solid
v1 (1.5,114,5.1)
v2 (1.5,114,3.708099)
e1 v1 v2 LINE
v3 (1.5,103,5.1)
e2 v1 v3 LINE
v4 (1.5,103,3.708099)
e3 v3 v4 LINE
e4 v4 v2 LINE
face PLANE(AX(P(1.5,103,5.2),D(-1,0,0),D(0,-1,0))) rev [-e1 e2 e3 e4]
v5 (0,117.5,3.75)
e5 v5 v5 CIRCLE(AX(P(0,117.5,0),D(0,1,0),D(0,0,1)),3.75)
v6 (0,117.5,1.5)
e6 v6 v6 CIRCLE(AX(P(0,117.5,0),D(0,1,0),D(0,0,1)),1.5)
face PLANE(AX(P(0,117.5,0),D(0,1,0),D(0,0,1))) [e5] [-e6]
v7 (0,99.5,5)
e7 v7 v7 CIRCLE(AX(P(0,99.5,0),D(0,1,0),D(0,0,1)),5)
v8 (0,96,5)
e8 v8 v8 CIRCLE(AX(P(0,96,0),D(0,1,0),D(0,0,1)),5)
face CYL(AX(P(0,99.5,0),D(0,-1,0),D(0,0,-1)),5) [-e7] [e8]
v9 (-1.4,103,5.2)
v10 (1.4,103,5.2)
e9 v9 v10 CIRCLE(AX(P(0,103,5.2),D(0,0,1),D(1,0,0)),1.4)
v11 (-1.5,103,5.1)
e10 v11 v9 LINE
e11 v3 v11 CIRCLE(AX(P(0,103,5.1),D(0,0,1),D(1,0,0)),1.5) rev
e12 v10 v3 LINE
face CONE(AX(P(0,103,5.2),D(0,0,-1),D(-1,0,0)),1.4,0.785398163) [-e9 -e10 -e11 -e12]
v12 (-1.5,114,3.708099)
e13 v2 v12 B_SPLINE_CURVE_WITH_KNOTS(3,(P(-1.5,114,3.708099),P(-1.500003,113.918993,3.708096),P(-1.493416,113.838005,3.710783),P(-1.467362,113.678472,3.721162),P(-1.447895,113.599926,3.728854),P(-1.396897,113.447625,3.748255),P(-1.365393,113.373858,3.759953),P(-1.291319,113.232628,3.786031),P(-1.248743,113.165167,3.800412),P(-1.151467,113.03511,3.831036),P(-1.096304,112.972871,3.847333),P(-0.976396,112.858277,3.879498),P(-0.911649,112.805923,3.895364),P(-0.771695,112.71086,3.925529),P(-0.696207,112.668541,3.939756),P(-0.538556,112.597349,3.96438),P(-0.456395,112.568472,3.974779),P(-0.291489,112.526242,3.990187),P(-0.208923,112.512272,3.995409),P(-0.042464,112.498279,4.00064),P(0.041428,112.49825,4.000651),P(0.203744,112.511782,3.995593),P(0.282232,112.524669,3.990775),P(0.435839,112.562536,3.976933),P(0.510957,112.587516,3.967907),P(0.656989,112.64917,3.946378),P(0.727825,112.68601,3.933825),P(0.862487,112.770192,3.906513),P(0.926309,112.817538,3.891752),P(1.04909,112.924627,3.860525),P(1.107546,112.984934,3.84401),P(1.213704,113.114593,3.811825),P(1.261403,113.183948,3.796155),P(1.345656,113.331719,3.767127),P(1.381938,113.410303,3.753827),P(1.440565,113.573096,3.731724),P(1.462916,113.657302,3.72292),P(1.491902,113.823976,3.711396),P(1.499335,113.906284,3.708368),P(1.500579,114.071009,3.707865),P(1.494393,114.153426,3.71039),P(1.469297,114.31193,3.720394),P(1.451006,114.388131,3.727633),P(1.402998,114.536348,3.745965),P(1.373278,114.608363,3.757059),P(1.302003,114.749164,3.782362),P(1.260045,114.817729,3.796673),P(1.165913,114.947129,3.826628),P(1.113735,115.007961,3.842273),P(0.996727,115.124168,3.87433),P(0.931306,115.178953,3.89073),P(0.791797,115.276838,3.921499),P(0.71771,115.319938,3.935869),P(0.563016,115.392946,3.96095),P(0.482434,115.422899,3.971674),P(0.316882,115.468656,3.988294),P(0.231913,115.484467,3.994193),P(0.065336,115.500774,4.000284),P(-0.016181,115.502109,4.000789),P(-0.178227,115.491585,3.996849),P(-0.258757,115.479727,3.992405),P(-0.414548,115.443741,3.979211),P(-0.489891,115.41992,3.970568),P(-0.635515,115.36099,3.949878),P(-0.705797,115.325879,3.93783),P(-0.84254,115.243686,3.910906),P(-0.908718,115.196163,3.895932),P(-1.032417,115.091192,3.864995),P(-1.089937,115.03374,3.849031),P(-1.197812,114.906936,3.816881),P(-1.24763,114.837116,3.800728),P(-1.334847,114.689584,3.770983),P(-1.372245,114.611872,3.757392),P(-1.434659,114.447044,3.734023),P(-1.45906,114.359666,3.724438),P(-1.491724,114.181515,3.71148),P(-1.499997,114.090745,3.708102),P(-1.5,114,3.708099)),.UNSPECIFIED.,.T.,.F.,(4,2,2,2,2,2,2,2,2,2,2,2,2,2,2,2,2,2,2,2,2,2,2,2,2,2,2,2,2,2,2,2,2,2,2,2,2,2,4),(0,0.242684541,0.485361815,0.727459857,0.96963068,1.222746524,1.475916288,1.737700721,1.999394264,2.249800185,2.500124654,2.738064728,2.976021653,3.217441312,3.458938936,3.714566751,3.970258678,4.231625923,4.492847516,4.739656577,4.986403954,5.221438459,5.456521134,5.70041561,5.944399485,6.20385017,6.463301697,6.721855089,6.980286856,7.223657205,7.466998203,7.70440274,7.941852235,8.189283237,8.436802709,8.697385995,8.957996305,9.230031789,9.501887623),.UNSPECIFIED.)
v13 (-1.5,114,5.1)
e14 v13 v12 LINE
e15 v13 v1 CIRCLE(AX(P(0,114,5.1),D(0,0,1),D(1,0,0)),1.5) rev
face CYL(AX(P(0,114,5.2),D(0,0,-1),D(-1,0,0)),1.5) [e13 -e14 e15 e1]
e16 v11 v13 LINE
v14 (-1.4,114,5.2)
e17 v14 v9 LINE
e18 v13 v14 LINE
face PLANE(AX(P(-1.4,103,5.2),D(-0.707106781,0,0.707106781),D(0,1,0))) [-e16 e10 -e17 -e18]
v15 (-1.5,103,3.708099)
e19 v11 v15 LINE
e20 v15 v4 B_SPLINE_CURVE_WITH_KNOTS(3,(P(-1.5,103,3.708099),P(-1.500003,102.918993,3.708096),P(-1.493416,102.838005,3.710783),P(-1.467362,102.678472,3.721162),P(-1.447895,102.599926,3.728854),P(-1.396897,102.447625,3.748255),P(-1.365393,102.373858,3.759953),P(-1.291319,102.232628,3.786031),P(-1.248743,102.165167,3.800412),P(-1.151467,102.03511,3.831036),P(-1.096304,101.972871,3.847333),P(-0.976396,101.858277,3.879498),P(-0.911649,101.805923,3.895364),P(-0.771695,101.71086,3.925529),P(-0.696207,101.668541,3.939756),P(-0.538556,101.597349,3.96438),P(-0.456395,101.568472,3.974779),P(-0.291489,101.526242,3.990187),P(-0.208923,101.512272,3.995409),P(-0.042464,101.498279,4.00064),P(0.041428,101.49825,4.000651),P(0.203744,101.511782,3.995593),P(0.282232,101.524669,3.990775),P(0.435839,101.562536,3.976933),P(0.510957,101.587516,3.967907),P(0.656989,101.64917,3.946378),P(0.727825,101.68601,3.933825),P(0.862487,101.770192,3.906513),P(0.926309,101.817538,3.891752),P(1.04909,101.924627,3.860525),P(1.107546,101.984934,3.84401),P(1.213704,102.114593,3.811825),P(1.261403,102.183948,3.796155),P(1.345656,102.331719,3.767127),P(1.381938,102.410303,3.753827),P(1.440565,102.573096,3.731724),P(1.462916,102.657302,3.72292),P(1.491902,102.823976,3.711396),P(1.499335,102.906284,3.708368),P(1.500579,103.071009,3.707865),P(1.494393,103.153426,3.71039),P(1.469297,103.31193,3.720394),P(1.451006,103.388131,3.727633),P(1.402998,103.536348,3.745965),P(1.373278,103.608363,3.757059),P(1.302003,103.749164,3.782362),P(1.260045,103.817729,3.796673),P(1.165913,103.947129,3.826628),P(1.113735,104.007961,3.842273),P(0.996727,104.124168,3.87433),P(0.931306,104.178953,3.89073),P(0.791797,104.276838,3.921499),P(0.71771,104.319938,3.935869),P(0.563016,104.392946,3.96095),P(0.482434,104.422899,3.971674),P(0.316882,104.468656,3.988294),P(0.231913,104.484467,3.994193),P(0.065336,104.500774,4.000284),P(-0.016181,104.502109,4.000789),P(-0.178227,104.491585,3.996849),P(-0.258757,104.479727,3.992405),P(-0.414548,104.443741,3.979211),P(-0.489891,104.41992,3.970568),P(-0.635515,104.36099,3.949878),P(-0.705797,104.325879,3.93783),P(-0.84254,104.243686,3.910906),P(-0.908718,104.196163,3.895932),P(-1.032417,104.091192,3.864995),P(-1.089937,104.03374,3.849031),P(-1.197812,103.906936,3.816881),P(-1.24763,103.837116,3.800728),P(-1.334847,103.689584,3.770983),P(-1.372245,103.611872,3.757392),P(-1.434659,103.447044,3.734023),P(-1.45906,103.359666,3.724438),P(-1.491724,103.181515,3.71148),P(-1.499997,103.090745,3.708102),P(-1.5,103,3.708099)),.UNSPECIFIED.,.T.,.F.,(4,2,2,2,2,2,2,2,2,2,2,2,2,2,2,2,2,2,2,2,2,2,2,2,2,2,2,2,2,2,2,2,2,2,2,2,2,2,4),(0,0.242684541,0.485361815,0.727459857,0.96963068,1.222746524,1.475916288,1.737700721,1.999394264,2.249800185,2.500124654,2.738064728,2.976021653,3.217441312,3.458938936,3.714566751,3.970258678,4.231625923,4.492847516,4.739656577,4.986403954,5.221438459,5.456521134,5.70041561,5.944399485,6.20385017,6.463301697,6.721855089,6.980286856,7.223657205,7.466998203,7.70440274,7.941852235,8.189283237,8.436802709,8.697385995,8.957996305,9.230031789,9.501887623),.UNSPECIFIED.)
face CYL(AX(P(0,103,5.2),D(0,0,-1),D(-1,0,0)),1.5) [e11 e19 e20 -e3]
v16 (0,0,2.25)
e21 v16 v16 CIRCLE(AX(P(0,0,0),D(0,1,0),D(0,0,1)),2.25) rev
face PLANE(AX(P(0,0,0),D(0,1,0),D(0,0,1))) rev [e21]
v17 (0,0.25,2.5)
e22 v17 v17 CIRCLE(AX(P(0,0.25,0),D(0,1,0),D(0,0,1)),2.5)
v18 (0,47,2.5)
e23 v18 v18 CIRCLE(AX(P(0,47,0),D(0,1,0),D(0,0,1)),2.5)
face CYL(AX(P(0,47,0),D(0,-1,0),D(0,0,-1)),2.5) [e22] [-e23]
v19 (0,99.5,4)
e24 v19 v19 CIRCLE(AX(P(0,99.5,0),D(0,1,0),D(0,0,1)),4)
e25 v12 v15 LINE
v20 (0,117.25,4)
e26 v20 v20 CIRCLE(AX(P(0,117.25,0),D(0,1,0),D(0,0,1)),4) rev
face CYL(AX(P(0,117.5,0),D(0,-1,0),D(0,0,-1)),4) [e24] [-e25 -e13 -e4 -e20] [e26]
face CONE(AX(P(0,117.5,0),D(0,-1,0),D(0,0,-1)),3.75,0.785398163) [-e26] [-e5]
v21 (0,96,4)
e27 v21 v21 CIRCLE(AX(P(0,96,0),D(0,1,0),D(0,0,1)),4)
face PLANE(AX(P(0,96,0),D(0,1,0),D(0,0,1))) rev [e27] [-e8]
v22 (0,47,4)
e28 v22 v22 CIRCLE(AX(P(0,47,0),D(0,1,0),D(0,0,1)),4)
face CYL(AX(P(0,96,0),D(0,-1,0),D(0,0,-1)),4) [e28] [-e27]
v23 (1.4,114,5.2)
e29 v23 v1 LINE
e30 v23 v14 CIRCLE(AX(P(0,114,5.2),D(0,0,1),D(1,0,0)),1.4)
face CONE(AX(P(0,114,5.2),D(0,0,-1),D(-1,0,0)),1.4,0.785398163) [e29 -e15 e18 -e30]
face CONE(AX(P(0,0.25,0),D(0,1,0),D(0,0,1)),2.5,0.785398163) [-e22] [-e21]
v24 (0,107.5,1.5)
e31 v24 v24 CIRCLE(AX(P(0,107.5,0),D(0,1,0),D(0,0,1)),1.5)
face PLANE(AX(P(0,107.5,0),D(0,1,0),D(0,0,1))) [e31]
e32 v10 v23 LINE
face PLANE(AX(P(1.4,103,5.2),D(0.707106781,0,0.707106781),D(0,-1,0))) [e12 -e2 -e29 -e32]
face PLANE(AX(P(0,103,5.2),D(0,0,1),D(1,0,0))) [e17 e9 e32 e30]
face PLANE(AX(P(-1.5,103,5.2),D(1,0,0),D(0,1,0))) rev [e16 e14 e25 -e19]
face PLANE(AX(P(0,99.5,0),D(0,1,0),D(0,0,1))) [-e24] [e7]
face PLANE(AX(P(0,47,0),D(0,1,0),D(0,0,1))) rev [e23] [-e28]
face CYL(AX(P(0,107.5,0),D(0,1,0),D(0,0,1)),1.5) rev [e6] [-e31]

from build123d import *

# Parameters (mm, degrees)
SKETCH_1_R          = 2.5
EXTRUDE_1_DEPTH     = 47
EXTRUDE_START       = 47
SKETCH_2_R          = 4
EXTRUDE_2_DEPTH     = 49
EXTRUDE_START_2     = 96
SKETCH_3_R          = 5
EXTRUDE_3_DEPTH     = 3.5
EXTRUDE_START_3     = 99.5
SKETCH_4_R          = 4
EXTRUDE_4_DEPTH     = 18
EXTRUDE_START_4     = 2.2
EXTRUDE_5_DEPTH     = 3
CHAMFER_1_SIZE      = 0.25
CHAMFER_2_SIZE      = 0.1
CUT_EXTRUDE_START   = 117.5
SKETCH_6_R          = 1.5
CUT_EXTRUDE_1_DEPTH = 10


with BuildPart() as part:
    # 草图1 → 凸台-拉伸1 (new body)
    with BuildSketch(Plane(origin=(0, 0, 0), x_dir=(1, 0, 0), z_dir=(0, 1, 0))):
        with Locations(Location((0, 0, 0), (0, 0, 270))):
            Circle(SKETCH_1_R)
    extrude(amount=EXTRUDE_1_DEPTH)

    # 草图2 → 凸台-拉伸2 (add)
    with BuildSketch(Plane(origin=(0, 0, 0), x_dir=(1, 0, 0), z_dir=(0, 1, 0)).offset(EXTRUDE_START)):
        with Locations(Location((0, 0, 0), (0, 0, 270))):
            Circle(SKETCH_2_R)
    extrude(amount=EXTRUDE_2_DEPTH)

    # 草图3 → 凸台-拉伸3 (add)
    with BuildSketch(Plane(origin=(0, 0, 0), x_dir=(1, 0, 0), z_dir=(0, 1, 0)).offset(EXTRUDE_START_2)):
        with Locations(Location((0, 0, 0), (0, 0, 270))):
            Circle(SKETCH_3_R)
    extrude(amount=EXTRUDE_3_DEPTH)

    # 草图4 → 凸台-拉伸4 (add)
    with BuildSketch(Plane(origin=(0, 0, 0), x_dir=(1, 0, 0), z_dir=(0, 1, 0)).offset(EXTRUDE_START_3)):
        with Locations(Location((0, 0, 0), (0, 0, 270))):
            Circle(SKETCH_4_R)
    extrude(amount=EXTRUDE_4_DEPTH)

    # 草图11 → 凸台-拉伸5 (add)
    with BuildSketch(Plane.XY.offset(EXTRUDE_START_4)):
        with BuildLine():
            Line((-1.5, 103), (-1.5, 114))
            ThreePointArc((-1.5, 114), (0, 115.5), (1.5, 114))
            Line((1.5, 114), (1.5, 103))
            ThreePointArc((1.5, 103), (0, 101.5), (-1.5, 103))
        make_face()
    extrude(amount=EXTRUDE_5_DEPTH)

    # 倒角1
    chamfer_1_edges = [part.edges().sort_by_distance(p)[0] for p in [
        (0, 117.5, -4),
        (0, 0, -2.5),
    ]]
    chamfer(chamfer_1_edges, length=CHAMFER_1_SIZE)

    # 倒角2
    chamfer_2_edges = [part.edges().sort_by_distance(p)[0] for p in [
        (0, 101.5, 5.2),
        (1.5, 108.5, 5.2),
        (0, 115.5, 5.2),
        (-1.5, 108.5, 5.2),
    ]]
    chamfer(chamfer_2_edges, length=CHAMFER_2_SIZE)

    # 草图6 → 切除-拉伸1 (cut)
    with BuildSketch(Plane(origin=(0, 0, 0), x_dir=(1, 0, 0), z_dir=(0, 1, 0)).offset(CUT_EXTRUDE_START)):
        with Locations(Location((0, 0, 0), (0, 0, 270))):
            Circle(SKETCH_6_R)
    extrude(amount=-CUT_EXTRUDE_1_DEPTH, mode=Mode.SUBTRACT)


solid = part.part
